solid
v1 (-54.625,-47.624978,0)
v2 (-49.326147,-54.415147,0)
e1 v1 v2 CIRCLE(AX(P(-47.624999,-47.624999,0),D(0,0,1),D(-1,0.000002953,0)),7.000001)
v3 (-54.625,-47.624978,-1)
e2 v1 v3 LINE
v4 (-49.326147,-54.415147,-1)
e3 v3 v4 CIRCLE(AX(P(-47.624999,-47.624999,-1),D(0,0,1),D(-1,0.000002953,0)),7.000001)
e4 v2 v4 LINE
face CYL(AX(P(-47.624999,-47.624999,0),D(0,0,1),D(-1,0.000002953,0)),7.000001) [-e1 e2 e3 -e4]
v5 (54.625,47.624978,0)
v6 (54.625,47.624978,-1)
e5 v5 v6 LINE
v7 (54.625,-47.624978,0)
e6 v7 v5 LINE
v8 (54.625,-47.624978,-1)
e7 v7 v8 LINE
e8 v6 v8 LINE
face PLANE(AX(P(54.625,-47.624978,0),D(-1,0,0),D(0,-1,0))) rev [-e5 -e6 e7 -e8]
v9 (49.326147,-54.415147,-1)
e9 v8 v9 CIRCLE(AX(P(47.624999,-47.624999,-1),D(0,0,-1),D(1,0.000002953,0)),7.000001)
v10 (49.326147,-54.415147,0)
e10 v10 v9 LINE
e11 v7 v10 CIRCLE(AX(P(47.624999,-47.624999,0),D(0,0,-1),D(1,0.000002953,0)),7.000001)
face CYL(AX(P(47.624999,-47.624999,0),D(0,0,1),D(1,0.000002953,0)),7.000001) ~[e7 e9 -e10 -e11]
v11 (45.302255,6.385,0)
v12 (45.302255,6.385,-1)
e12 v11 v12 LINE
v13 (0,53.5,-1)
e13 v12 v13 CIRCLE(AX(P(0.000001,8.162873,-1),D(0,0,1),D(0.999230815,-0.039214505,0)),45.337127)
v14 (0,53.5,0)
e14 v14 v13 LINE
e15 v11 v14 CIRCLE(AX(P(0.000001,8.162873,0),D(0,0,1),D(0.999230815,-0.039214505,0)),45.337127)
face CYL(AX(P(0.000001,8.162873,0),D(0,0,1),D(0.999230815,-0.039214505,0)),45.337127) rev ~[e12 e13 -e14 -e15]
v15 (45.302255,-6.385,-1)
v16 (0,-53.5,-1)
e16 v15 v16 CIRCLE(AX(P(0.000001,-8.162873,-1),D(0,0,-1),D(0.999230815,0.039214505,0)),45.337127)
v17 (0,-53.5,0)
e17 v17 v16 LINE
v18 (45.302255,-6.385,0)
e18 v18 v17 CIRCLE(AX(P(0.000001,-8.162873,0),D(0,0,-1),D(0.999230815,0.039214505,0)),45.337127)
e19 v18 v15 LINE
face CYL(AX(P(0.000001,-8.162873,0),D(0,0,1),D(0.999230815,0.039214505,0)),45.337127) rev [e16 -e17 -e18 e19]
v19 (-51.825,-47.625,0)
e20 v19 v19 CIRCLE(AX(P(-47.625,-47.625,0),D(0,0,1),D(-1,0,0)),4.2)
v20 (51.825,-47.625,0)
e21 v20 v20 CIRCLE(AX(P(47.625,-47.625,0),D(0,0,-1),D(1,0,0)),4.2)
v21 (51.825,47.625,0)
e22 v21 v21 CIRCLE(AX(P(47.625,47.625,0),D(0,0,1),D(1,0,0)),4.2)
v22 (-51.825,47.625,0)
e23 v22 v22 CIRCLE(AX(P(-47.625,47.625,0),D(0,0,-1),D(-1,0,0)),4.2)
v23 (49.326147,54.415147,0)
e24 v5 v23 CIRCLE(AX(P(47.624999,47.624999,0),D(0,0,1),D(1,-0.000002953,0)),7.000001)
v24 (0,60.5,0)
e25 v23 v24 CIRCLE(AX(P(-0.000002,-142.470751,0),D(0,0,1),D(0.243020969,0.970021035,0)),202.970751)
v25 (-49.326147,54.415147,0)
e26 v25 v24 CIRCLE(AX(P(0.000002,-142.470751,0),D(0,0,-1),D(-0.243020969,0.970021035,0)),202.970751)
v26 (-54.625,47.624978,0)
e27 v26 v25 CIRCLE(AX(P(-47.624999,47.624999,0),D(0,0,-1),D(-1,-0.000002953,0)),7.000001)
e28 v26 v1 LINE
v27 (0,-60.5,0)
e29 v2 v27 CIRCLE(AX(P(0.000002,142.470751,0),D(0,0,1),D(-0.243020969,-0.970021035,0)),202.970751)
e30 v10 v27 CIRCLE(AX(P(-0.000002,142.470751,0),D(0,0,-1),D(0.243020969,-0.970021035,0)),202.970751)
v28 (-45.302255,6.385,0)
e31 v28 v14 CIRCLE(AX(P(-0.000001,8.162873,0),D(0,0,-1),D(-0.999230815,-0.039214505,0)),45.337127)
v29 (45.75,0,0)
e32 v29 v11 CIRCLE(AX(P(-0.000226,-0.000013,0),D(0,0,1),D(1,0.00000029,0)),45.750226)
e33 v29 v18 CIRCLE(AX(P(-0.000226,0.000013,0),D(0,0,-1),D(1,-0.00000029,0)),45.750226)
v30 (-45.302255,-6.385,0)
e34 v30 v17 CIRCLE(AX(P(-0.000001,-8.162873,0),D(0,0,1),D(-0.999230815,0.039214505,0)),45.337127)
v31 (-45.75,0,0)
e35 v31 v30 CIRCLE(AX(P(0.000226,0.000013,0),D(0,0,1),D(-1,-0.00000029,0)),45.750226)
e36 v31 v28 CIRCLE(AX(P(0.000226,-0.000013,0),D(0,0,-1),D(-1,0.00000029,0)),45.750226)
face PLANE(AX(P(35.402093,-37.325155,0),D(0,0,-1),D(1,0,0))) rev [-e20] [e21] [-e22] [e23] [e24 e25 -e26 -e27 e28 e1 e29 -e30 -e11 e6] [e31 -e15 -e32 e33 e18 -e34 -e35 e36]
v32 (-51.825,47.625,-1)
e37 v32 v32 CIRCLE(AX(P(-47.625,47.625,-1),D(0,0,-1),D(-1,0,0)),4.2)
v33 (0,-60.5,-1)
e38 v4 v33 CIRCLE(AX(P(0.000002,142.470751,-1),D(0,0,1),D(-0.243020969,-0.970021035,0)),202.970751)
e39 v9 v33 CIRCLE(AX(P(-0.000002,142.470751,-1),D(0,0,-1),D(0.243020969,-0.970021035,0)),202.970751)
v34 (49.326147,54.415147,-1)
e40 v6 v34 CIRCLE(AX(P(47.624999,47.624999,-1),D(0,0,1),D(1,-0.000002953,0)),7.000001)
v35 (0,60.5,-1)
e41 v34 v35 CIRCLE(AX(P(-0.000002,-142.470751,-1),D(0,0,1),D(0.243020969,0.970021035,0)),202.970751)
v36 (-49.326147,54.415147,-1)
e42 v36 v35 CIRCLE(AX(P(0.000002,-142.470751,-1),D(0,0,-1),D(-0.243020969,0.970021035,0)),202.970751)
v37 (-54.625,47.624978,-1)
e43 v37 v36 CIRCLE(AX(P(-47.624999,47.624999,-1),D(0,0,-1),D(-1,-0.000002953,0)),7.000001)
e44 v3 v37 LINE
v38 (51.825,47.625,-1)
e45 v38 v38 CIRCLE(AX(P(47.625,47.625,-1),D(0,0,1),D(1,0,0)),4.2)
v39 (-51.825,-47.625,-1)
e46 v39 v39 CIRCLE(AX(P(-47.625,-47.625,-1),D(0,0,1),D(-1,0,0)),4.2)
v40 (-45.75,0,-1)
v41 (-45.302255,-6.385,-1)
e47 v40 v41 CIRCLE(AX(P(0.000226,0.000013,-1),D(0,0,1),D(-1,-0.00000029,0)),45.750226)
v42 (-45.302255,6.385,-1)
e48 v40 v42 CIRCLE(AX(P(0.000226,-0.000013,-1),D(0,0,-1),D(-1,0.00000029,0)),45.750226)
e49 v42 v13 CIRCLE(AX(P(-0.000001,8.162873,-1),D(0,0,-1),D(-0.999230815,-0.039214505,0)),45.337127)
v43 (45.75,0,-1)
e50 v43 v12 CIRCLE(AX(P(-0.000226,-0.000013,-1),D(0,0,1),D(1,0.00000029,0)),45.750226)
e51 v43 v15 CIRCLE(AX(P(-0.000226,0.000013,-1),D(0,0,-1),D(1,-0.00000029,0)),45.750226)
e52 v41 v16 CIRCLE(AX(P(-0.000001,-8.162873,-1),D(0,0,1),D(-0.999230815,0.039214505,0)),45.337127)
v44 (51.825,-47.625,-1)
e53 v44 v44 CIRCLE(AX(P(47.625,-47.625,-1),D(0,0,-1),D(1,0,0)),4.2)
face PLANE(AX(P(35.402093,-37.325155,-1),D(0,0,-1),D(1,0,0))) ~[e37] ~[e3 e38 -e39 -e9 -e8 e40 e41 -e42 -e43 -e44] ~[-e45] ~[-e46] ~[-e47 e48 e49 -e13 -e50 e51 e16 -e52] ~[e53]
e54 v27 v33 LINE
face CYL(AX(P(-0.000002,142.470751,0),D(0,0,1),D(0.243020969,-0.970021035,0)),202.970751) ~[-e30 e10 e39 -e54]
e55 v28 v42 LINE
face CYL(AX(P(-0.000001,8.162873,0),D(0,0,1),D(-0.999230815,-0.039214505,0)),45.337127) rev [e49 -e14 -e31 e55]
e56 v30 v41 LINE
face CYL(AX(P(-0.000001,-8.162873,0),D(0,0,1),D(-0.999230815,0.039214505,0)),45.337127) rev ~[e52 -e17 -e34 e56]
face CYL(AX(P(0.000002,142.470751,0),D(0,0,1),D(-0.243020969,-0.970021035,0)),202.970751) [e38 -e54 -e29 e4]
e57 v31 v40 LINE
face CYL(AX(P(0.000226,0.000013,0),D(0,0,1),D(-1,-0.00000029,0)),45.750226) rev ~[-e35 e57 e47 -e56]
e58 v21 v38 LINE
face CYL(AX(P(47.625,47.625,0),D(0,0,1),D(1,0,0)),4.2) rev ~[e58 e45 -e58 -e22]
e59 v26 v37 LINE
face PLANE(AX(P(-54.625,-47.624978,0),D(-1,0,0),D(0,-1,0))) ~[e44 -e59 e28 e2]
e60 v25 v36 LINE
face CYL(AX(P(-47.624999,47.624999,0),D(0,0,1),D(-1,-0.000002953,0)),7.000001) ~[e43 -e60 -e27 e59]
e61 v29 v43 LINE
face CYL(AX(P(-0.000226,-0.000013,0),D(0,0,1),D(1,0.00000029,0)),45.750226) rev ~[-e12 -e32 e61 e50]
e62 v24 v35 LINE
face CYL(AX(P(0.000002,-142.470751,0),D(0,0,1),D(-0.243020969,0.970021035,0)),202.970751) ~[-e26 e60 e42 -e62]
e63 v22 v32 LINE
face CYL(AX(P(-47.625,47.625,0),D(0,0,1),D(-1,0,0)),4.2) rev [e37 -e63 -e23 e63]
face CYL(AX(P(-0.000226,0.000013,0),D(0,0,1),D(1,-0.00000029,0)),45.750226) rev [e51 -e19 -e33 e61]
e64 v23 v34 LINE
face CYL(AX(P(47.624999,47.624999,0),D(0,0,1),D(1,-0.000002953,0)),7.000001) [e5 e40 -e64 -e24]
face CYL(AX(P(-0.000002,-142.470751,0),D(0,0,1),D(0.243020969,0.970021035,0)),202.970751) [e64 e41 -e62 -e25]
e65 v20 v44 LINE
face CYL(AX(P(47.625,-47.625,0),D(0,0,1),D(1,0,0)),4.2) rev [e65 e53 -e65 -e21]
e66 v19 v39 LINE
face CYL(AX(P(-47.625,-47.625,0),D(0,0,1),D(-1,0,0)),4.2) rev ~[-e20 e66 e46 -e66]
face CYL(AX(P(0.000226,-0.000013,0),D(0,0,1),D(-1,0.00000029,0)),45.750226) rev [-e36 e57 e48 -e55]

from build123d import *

# Parameters (mm, degrees)
SKETCH007_R                = 4.2
PAD002_DEPTH               = 1
SKETCH007_MIRRORED003_2_R  = 4.2
PAD002_MIRRORED003_2_DEPTH = 1


with BuildPart() as part:
    # Sketch007 → Pad002 (new body)
    with BuildSketch(Plane(origin=(0, 0, 0), x_dir=(-1, 0, 0), z_dir=(0, 0, -1))):
        with BuildLine():
            ThreePointArc((45.75, 0), (45.637926, 3.20034), (45.302255, 6.385))
            ThreePointArc((45.302255, 6.385), (32.680719, 39.586204), (0, 53.5))
            Line((0, 53.5), (0, 60.5))
            ThreePointArc((49.326147, 54.415147), (24.850021, 58.973043), (0, 60.5))
            ThreePointArc((54.625, 47.624978), (53.143522, 51.931496), (49.326147, 54.415147))
            Line((54.625, 47.624978), (54.625, 0))
            Line((54.625, 0), (45.75, 0))
        make_face()
        with Locations((47.625, 47.625)):
            Circle(SKETCH007_R, mode=Mode.SUBTRACT)
    pad002 = extrude(amount=PAD002_DEPTH)

    # Sketch007 Mirrored003 2 → Pad002 Mirrored003 2 (add)
    with BuildSketch(Plane.XY):
        with BuildLine():
            ThreePointArc((45.75, 0), (45.637926, 3.20034), (45.302255, 6.385))
            ThreePointArc((45.302255, 6.385), (32.680719, 39.586204), (0, 53.5))
            Line((0, 53.5), (0, 60.5))
            ThreePointArc((49.326147, 54.415147), (24.850021, 58.973043), (0, 60.5))
            ThreePointArc((54.625, 47.624978), (53.143522, 51.931496), (49.326147, 54.415147))
            Line((54.625, 47.624978), (54.625, 0))
            Line((54.625, 0), (45.75, 0))
        make_face()
        with Locations((47.625, 47.625)):
            Circle(SKETCH007_MIRRORED003_2_R, mode=Mode.SUBTRACT)
    pad002_mirrored003_2 = extrude(amount=-PAD002_MIRRORED003_2_DEPTH)

    # Mirrored004: Pad002, Pad002 Mirrored003 2 across Sketch007 H_Axis
    add(pad002.mirror(Plane(origin=(0, 0, 0), x_dir=(0, 0, -1), z_dir=(0, 1, 0))))
    add(pad002_mirrored003_2.mirror(Plane(origin=(0, 0, 0), x_dir=(0, 0, -1), z_dir=(0, 1, 0))))


solid = part.part
